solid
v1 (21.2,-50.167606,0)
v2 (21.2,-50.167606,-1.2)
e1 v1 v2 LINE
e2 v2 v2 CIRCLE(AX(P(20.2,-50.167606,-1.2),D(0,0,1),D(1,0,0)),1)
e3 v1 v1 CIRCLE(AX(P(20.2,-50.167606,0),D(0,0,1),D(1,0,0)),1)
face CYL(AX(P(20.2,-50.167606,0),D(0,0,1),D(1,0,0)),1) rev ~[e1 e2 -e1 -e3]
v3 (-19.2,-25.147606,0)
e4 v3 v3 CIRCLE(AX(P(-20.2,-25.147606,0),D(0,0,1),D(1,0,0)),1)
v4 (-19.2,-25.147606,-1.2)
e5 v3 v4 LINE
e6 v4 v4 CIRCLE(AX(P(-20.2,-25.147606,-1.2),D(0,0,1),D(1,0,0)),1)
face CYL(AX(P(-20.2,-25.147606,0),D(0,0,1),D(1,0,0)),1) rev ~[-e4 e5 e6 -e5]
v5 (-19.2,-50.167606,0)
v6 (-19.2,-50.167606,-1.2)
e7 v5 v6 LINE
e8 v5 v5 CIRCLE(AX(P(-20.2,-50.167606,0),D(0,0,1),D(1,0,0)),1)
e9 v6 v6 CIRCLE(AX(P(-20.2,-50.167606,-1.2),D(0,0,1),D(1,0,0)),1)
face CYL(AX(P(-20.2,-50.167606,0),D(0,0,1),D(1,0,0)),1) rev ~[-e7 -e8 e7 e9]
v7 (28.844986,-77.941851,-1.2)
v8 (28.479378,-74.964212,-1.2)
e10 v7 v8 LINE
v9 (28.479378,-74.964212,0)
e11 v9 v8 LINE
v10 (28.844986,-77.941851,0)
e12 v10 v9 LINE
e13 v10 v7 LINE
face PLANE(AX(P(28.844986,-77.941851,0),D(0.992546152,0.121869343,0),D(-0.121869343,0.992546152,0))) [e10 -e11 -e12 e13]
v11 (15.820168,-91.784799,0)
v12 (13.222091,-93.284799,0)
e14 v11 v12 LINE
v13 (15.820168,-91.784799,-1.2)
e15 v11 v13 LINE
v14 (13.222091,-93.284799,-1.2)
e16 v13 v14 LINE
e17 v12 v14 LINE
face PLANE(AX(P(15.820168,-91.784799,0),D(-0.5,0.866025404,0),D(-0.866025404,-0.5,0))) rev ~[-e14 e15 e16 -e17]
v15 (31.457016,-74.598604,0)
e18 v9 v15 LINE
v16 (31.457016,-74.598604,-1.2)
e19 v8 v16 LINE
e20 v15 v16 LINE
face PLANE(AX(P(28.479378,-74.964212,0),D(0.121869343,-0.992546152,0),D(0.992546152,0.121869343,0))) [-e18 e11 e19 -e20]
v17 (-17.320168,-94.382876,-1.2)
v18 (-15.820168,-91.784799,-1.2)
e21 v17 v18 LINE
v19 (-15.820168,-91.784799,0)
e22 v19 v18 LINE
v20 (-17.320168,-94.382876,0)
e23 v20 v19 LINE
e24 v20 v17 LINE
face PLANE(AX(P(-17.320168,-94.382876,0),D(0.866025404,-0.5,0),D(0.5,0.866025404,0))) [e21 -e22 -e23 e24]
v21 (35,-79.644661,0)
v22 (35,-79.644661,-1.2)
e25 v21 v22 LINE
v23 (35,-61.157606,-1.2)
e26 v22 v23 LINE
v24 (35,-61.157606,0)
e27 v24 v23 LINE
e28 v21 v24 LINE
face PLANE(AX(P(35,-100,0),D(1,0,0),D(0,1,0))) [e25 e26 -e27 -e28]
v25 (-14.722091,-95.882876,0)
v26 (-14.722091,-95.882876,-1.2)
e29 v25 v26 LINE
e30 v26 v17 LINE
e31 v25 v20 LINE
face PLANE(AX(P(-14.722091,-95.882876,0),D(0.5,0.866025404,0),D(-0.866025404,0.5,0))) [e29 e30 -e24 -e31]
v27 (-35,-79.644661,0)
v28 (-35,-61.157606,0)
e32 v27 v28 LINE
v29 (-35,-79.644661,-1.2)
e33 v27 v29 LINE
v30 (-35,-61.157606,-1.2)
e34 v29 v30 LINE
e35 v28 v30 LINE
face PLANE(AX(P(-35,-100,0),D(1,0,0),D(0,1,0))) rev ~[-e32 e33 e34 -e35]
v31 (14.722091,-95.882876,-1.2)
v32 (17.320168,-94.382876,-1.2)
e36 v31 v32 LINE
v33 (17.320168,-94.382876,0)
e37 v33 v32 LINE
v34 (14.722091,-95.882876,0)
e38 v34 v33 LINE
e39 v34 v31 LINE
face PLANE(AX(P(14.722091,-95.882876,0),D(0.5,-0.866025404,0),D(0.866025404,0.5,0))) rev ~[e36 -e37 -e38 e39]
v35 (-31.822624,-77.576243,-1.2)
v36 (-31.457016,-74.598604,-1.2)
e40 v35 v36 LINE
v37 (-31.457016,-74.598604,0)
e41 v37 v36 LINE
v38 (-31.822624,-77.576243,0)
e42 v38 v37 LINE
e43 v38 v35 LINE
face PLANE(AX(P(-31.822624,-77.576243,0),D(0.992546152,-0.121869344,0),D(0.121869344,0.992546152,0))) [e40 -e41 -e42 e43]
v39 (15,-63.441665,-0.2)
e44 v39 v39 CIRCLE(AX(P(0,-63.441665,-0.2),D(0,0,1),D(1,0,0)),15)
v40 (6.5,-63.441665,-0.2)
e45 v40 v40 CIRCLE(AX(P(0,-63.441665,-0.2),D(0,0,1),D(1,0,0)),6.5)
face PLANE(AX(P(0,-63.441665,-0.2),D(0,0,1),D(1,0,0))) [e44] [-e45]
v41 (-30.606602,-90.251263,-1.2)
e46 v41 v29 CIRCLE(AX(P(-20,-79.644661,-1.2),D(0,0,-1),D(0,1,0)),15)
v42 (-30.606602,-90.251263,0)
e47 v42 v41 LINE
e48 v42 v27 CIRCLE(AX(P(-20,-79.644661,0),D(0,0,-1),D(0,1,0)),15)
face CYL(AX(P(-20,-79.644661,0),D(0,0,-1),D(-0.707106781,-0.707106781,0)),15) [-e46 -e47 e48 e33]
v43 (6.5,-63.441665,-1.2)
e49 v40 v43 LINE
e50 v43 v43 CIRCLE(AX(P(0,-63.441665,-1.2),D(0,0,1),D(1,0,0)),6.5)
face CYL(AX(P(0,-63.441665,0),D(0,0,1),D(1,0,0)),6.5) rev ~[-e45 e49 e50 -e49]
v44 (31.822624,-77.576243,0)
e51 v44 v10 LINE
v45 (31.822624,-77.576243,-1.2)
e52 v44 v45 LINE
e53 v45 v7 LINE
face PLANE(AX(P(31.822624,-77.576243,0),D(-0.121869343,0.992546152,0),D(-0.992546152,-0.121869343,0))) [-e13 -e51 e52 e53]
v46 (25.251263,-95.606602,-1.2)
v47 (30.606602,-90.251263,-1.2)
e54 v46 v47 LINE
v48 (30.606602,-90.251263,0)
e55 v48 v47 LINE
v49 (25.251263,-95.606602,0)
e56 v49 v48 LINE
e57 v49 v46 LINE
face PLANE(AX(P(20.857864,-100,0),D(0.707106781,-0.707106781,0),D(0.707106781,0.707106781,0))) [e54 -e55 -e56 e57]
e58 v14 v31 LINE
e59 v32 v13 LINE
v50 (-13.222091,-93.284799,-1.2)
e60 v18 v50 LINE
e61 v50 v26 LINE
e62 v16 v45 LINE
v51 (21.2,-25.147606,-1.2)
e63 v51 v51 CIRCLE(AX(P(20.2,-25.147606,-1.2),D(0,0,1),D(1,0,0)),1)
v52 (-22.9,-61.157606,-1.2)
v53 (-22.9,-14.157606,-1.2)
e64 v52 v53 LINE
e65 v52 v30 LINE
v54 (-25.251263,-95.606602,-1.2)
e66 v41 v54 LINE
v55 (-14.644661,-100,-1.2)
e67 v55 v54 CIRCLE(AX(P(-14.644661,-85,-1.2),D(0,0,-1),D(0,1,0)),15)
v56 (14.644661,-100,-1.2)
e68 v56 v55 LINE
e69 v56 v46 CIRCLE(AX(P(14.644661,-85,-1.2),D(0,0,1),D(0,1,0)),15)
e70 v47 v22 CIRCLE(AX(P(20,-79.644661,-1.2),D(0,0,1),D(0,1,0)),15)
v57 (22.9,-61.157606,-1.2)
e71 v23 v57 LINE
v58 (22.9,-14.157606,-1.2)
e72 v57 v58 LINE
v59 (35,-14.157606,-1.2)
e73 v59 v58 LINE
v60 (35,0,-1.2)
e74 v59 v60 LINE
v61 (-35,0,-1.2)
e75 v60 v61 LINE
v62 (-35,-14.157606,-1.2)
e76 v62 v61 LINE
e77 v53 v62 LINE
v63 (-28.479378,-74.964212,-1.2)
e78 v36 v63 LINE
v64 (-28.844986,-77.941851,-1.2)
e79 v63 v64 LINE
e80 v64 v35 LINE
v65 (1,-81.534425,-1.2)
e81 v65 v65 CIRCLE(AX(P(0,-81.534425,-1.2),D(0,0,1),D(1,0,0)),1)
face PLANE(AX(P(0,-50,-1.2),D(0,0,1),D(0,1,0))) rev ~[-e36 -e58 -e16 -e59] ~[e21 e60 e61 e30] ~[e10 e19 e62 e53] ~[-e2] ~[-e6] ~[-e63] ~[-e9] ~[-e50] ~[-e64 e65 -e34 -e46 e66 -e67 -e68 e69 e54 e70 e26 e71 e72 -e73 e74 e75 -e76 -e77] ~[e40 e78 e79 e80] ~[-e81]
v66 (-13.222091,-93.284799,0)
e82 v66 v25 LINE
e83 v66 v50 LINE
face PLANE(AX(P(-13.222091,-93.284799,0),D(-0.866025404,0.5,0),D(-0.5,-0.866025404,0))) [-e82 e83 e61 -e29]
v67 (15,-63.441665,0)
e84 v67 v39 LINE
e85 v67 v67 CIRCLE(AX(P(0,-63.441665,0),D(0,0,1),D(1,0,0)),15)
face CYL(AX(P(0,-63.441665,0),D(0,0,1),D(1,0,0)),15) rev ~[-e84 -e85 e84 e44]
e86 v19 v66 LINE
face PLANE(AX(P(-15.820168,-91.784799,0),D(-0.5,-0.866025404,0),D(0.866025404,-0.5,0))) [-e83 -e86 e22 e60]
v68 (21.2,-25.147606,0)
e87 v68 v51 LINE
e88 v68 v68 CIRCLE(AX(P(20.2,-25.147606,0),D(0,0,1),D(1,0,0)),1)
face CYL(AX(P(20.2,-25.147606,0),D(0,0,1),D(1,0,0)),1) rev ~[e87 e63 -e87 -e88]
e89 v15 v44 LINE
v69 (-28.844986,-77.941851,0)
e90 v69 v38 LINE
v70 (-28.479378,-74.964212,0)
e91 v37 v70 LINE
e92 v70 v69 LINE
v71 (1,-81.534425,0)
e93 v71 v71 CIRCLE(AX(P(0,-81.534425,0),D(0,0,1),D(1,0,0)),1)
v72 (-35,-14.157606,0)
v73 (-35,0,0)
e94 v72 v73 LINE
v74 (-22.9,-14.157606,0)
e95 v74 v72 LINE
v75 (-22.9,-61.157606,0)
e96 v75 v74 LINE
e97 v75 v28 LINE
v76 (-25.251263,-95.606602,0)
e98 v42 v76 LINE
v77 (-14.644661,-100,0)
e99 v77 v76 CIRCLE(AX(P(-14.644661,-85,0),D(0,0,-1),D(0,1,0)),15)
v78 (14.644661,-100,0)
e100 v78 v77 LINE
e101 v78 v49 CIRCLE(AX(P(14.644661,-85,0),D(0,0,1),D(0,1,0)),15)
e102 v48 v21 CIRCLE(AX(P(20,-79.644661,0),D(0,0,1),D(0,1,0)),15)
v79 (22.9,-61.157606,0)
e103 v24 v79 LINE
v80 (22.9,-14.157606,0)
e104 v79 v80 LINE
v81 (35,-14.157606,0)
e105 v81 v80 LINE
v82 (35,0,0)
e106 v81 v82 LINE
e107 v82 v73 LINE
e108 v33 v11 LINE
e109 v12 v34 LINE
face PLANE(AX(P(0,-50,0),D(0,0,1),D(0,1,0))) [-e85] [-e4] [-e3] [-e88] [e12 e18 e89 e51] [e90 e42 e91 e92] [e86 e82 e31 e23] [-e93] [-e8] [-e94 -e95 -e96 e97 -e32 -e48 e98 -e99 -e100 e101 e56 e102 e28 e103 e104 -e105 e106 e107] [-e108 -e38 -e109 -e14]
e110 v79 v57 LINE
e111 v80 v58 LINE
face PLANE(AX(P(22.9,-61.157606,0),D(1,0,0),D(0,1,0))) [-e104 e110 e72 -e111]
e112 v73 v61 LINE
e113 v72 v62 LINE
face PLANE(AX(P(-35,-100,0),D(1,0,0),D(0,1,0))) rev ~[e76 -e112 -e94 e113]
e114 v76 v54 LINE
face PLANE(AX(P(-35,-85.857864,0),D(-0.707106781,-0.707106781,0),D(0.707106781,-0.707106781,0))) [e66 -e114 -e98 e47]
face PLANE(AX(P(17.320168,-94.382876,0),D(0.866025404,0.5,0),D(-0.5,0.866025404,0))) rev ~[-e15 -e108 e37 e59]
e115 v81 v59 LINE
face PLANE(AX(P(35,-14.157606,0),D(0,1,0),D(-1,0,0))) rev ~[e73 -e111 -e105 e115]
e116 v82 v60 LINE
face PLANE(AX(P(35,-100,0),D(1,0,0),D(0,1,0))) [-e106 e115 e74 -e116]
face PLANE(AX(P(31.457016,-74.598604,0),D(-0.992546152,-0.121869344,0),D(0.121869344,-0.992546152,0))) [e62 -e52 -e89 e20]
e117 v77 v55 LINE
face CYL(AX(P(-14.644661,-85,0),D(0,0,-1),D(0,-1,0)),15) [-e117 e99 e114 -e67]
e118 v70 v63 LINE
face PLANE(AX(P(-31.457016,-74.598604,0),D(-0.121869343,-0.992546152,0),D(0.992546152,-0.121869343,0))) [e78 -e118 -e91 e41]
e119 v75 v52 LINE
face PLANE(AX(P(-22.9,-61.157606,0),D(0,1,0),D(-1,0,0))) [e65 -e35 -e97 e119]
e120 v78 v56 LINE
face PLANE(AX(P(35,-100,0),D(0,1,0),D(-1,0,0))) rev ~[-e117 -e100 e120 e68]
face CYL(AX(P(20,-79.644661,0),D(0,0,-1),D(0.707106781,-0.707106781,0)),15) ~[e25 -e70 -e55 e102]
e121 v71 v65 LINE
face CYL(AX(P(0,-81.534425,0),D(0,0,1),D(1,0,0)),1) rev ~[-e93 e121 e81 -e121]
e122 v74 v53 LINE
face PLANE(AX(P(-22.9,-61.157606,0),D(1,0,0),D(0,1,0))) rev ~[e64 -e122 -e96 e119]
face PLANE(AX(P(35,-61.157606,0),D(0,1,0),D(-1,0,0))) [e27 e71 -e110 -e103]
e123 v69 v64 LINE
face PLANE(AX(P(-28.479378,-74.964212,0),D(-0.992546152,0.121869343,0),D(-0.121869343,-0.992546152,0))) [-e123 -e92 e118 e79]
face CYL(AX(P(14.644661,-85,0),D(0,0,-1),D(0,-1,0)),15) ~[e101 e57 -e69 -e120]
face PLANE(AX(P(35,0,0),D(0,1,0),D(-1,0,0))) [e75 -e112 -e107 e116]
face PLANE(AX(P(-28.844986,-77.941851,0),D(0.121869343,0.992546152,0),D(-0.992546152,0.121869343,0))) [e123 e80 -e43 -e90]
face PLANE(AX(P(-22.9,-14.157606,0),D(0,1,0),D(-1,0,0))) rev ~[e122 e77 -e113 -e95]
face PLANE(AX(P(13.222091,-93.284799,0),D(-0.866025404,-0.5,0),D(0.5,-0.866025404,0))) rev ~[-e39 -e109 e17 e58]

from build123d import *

# Parameters (mm, degrees)
SKETCH_1_W          = 100
SKETCH_1_H          = 70
SKETCH_1_R          = 1
SKETCH_1_R_2        = 6.5
EXTRUDE_2_DEPTH     = 1.2
SKETCH_2_W          = 47
SKETCH_2_H          = 12.1
CUT_EXTRUDE_1_DEPTH = 106.954896064
SKETCH_4_R          = 15
CUT_EXTRUDE_2_DEPTH = 0.2
CUT_EXTRUDE_4_DEPTH = 106.954896064
FILLET_3_R          = 15
CUT_EXTRUDE_6_DEPTH = 106.954896064


with BuildPart() as part:
    # ｽｹｯﾁ1 → ﾎﾞｽ - 押し出し2 (new body)
    with BuildSketch(Plane(origin=(0, 0, 0), x_dir=(0, 1, 0), z_dir=(0, 0, 1))):
        with Locations((-50, 0)):
            Rectangle(SKETCH_1_W, SKETCH_1_H)
        with Locations(Location((-25.147606065, 20.2, 0), (0, 0, 270))):
            Circle(SKETCH_1_R, mode=Mode.SUBTRACT)
        with Locations(Location((-50.167606065, 20.2, 0), (0, 0, 270))):
            Circle(SKETCH_1_R, mode=Mode.SUBTRACT)
        with Locations(Location((-25.147606065, -20.2, 0), (0, 0, 270))):
            Circle(SKETCH_1_R, mode=Mode.SUBTRACT)
        with Locations(Location((-50.167606065, -20.2, 0), (0, 0, 270))):
            Circle(SKETCH_1_R, mode=Mode.SUBTRACT)
        with Locations(Location((-63.441664971, 0, 0), (0, 0, 270))):
            Circle(SKETCH_1_R_2, mode=Mode.SUBTRACT)
        with Locations(Location((-81.5344254, 0, 0), (0, 0, 270))):
            Circle(SKETCH_1_R, mode=Mode.SUBTRACT)
    extrude(amount=-EXTRUDE_2_DEPTH)

    # ｽｹｯﾁ2 → ｶｯﾄ - 押し出し1 (cut, through all)
    with BuildSketch(Plane(origin=(0, 0, 0), x_dir=(0, 1, 0), z_dir=(0, 0, 1))):
        with Locations((-37.657606065, 28.95)):
            Rectangle(SKETCH_2_W, SKETCH_2_H)
        with Locations((-37.657606065, -28.95)):
            Rectangle(SKETCH_2_W, SKETCH_2_H)
    extrude(amount=-CUT_EXTRUDE_1_DEPTH, mode=Mode.SUBTRACT)

    # ｽｹｯﾁ4 → ｶｯﾄ - 押し出し2 (cut)
    with BuildSketch(Plane.XY):
        with Locations((0, -63.441664971)):
            Circle(SKETCH_4_R)
    extrude(amount=-CUT_EXTRUDE_2_DEPTH, mode=Mode.SUBTRACT)

    # ｽｹｯﾁ7 → ｶｯﾄ - 押し出し4 (cut, through all)
    with BuildSketch(Plane.XY):
        Polygon((-35, -85.857864376), (-20.857864376, -100), (-35, -100), align=None)
        Polygon((35, -85.857864376), (35, -100), (20.857864376, -100), align=None)
    extrude(amount=-CUT_EXTRUDE_4_DEPTH, mode=Mode.SUBTRACT)

    # ﾌｨﾚｯﾄ3
    fillet_3_edges = [part.edges().sort_by_distance(p)[0] for p in [
        (-35, -85.857864376, -0.6),
        (-20.857864376, -100, -0.6),
        (20.857864376, -100, -0.6),
        (35, -85.857864376, -0.6),
    ]]
    fillet(fillet_3_edges, radius=FILLET_3_R)

    # ｽｹｯﾁ11 → ｶｯﾄ - 押し出し6 (cut, through all)
    with BuildSketch(Plane.XY):
        Polygon((31.822624011, -77.576242792), (28.844985556, -77.941850822), (28.479377526, -74.964212367), (31.45701598, -74.598604337), align=None)
        Polygon((15.82016764, -91.78479944), (13.222091429, -93.28479944), (14.722091429, -95.882875652), (17.32016764, -94.382875652), align=None)
        Polygon((-31.45701598, -74.598604337), (-28.479377526, -74.964212367), (-28.844985556, -77.941850822), (-31.822624011, -77.576242792), align=None)
        Polygon((-14.722091429, -95.882875652), (-17.32016764, -94.382875652), (-15.82016764, -91.78479944), (-13.222091429, -93.28479944), align=None)
    extrude(amount=-CUT_EXTRUDE_6_DEPTH, mode=Mode.SUBTRACT)


solid = part.part
